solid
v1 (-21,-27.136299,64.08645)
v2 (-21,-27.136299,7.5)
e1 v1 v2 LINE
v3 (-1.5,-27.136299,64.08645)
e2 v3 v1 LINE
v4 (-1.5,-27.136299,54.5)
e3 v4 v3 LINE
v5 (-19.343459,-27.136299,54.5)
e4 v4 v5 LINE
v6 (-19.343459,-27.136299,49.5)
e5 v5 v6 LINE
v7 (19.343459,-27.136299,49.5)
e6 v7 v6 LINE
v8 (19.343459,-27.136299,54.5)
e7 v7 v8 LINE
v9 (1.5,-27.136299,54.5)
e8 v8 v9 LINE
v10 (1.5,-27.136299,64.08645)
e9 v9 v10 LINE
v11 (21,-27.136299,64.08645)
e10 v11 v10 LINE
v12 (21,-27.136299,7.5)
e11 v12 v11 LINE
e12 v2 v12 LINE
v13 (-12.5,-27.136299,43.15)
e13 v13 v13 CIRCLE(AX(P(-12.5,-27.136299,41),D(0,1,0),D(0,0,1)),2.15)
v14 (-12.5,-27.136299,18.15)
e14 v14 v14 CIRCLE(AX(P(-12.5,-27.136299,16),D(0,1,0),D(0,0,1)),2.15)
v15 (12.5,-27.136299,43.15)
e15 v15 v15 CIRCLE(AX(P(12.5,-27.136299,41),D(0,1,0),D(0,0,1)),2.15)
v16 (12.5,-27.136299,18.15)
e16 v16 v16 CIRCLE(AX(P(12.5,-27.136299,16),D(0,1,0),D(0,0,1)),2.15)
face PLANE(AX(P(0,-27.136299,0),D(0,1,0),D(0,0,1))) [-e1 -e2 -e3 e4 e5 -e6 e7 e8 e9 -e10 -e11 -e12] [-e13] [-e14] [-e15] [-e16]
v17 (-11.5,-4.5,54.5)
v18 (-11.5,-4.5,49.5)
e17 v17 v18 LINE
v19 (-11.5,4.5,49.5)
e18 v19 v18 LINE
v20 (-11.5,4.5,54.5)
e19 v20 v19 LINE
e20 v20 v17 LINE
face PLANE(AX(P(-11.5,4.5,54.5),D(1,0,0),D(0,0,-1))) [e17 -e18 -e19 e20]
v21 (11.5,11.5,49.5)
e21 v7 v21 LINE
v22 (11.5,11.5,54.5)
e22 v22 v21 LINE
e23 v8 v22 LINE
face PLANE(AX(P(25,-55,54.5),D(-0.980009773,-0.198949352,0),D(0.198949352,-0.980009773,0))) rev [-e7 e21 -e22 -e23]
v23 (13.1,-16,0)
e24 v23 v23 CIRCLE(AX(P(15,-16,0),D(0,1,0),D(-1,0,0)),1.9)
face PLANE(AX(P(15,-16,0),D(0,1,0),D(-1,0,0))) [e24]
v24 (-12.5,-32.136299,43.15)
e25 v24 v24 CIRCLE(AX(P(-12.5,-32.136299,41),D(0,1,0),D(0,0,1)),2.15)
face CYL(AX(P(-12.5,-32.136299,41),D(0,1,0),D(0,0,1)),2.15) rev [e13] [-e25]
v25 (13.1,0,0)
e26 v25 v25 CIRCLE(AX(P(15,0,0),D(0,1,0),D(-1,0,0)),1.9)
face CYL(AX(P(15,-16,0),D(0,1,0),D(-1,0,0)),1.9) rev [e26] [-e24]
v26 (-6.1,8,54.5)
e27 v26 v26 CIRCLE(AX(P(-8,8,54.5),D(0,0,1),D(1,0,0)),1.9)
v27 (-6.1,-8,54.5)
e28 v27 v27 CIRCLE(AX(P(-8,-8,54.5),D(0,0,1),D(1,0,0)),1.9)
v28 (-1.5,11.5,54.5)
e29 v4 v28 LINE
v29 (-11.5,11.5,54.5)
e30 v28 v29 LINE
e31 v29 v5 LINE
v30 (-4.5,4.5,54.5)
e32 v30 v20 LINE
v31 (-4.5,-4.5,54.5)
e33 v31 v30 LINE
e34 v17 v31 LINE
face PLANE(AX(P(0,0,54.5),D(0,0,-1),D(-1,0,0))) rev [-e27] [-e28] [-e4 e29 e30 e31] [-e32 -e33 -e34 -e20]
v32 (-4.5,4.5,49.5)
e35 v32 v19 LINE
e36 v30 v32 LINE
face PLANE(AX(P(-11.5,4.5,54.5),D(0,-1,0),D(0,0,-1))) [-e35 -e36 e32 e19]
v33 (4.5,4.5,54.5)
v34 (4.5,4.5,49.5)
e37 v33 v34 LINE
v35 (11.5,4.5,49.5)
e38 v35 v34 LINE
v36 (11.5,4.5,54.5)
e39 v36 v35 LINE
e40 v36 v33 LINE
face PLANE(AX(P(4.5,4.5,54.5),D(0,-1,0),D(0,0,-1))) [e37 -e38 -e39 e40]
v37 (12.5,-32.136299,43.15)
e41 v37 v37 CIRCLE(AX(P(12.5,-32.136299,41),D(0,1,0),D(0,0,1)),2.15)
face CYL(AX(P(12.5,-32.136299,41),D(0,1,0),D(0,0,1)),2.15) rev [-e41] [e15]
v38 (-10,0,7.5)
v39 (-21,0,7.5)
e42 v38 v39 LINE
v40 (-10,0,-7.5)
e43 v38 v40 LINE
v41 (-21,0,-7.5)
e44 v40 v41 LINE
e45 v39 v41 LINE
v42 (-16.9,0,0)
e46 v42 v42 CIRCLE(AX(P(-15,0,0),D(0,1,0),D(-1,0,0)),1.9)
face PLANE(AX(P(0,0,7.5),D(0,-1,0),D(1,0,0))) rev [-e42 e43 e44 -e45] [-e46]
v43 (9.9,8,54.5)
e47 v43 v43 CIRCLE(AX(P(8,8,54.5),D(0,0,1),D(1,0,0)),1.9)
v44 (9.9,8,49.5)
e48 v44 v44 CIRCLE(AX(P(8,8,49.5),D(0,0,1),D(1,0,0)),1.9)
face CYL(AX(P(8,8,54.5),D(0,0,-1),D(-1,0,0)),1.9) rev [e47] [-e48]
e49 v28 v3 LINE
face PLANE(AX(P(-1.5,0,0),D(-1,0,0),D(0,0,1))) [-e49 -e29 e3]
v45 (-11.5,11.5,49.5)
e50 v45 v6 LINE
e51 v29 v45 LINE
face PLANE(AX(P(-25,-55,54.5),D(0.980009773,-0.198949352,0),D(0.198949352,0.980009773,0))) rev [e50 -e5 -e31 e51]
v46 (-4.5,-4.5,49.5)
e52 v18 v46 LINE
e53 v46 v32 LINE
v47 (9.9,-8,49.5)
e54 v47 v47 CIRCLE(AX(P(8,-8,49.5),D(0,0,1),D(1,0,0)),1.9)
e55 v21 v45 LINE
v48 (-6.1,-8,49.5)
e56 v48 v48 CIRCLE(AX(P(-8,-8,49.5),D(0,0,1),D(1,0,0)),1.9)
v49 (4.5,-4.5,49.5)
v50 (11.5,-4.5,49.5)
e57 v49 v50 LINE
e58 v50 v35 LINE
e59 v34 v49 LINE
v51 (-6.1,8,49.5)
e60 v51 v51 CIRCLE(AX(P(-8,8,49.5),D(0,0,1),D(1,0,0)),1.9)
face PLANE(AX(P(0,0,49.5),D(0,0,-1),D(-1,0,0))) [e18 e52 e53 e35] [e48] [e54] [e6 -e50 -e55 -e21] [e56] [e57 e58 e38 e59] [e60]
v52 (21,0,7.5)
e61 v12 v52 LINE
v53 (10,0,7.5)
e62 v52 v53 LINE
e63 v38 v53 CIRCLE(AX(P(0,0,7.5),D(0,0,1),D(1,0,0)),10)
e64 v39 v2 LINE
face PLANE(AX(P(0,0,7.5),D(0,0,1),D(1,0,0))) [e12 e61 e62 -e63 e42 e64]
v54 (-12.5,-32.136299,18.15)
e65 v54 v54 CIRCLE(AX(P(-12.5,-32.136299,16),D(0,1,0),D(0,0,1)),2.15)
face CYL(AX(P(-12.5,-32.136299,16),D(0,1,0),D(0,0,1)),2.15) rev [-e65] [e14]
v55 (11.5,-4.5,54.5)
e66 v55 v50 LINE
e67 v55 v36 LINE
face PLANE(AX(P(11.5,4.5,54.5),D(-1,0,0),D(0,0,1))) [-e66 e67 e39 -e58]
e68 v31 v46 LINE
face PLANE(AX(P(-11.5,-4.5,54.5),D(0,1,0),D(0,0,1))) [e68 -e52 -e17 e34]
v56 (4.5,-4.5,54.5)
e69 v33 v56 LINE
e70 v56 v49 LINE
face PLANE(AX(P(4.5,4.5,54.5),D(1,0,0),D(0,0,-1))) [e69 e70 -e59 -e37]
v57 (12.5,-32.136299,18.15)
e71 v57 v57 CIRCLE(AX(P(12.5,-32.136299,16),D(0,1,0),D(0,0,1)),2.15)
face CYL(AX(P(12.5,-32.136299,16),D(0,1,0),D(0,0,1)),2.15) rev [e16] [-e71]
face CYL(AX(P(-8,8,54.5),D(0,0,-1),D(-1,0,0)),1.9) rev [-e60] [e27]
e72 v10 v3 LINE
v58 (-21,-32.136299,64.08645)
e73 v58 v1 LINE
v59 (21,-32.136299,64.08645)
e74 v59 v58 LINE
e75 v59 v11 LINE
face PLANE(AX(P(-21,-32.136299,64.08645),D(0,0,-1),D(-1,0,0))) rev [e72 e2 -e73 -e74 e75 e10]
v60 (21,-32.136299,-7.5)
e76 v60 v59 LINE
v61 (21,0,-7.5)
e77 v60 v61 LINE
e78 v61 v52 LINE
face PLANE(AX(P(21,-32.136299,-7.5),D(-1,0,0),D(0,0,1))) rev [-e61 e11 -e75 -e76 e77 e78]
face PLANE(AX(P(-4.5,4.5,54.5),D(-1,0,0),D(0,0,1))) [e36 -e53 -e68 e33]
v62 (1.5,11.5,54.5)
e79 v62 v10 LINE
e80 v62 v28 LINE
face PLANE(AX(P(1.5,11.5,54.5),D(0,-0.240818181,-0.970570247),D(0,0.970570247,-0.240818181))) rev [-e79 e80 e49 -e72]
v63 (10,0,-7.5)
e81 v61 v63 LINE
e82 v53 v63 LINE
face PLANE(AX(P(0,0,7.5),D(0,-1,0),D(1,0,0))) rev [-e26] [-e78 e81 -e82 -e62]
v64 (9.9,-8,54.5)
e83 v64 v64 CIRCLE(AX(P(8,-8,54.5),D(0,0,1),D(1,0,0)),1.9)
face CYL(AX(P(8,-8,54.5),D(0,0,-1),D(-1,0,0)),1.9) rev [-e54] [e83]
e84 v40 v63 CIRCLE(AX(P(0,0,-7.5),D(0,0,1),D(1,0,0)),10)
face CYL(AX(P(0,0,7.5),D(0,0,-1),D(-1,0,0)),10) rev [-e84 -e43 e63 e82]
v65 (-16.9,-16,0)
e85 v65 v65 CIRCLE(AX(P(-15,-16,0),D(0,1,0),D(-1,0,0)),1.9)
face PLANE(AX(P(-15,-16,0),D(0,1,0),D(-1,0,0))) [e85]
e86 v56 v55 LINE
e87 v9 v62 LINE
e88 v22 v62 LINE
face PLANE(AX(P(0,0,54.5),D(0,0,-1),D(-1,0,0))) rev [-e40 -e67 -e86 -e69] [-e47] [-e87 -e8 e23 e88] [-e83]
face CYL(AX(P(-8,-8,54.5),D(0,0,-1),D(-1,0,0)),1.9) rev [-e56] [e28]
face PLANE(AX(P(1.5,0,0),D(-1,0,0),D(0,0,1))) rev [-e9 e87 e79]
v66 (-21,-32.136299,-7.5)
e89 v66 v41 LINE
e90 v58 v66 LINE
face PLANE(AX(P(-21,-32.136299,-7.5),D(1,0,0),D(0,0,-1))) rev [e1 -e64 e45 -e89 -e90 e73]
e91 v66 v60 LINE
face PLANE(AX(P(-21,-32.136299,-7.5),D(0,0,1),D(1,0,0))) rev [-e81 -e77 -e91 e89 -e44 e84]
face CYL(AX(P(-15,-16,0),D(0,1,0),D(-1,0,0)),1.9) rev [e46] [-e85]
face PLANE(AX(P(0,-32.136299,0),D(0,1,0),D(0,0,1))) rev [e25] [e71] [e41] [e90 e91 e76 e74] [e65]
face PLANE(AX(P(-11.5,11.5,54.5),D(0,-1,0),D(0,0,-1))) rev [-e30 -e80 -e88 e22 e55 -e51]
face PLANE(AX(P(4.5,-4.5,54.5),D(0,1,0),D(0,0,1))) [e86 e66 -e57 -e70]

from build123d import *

# Parameters (mm, degrees)
MOTOR_MOUNT_SOLID_DEPTH              = 7.5
ENCODER_DISTANCE_SKETCH_W            = 50
ENCODER_DISTANCE_SKETCH_H            = 57
ENCODER_DISTANCE_SOLID_DEPTH         = 5
ENCODER_MOUNT_SKETCH_R               = 1.9
ENCODER_MOUNT_SKETCH_W               = 7
ENCODER_MOUNT_SKETCH_H               = 9
ENCODER_MOUNT_SOLID_DEPTH            = 5
MOTOR_CLAMP_MOUNTING_HOLES_SKETCH_R  = 1.9
MOTOR_CLAMP_MOUNTING_HOLES_CUT_DEPTH = 16
GUSSET_PLATE_SKETCH_W                = 50
GUSSET_PLATE_SKETCH_H                = 5
GUSSET_PLATE_SOLID_DEPTH             = 16.5
GUSSET_SOLID_DEPTH                   = 1.5
MOUNTING_PLATE_SKETCH_W              = 50
MOUNTING_PLATE_SKETCH_H              = 92
MOUNTING_PLATE_SKETCH_R              = 2.65
MOUNTING_PLATE_SOLID_DEPTH           = 5
MOUNTING_HOLES_CUT_DEPTH             = 101.440280764
MOUNTING_HOLES_CUT_DEPTH_BACK        = 101.440280764
MOUNTING_HOLE_SKETCH_R               = 2.65
MOUNTING_PLATE_TRIM_SKETCH_W         = 50
MOUNTING_PLATE_TRIM_SKETCH_H         = 13.5
MOUNTING_PLATE_TRIM_SKETCH_H_2       = 42
MOUNTING_PLATE_TRIM_SKETCH_W_2       = 23.5
MOUNTING_PLATE_TRIM_SKETCH_H_3       = 16.5
MOUNTING_PLATE_TRIM_CUT_DEPTH        = 2
CUT_EXTRUDE1_DEPTH                   = 102.917859083
CUT_EXTRUDE1_DEPTH_BACK              = 102.917859083
SKETCH2_W                            = 50
SKETCH2_H                            = 120
SKETCH2_W_2                          = 42
SKETCH2_H_2                          = 54.272597004
SKETCH3_W                            = 42
SKETCH3_H                            = 71.586450004
BOSS_EXTRUDE1_DEPTH                  = 5
CUT_EXTRUDE2_DEPTH                   = 78.722819275
CUT_EXTRUDE2_DEPTH_BACK              = 78.722819275
SKETCH4_R                            = 2.15


with BuildPart() as part:
    # Mouting Mount Sketch → Motor Mount Solid (new, symmetric)
    with BuildSketch(Plane.XY):
        with BuildLine():
            Line((-25, -55), (25, -55))
            Line((25, -55), (25, 0))
            Line((25, 0), (10, 0))
            ThreePointArc((10, 0), (0, -10), (-10, 0))
            Line((-10, 0), (-25, 0))
            Line((-25, 0), (-25, -55))
        make_face()
    extrude(amount=MOTOR_MOUNT_SOLID_DEPTH, both=True)

    # Encoder Distance Sketch → Encoder Distance Solid (add)
    with BuildSketch(Plane.XZ.offset(55)):
        with Locations((0, 21)):
            Rectangle(ENCODER_DISTANCE_SKETCH_W, ENCODER_DISTANCE_SKETCH_H)
    extrude(amount=ENCODER_DISTANCE_SOLID_DEPTH)

    # Encoder Mount Sketch → Encoder Mount Solid (add)
    with BuildSketch(Plane.XY.offset(49.5)):
        Polygon((-25, -60), (-25, -55), (-11.5, 11.5), (11.5, 11.5), (25, -55), (25, -60), align=None)
        with Locations((-8, 8)):
            Circle(ENCODER_MOUNT_SKETCH_R, mode=Mode.SUBTRACT)
        with Locations((8, 8)):
            Circle(ENCODER_MOUNT_SKETCH_R, mode=Mode.SUBTRACT)
        with Locations((-8, -8)):
            Circle(ENCODER_MOUNT_SKETCH_R, mode=Mode.SUBTRACT)
        with Locations((8, -8)):
            Circle(ENCODER_MOUNT_SKETCH_R, mode=Mode.SUBTRACT)
        with Locations((-8, 0)):
            Rectangle(ENCODER_MOUNT_SKETCH_W, ENCODER_MOUNT_SKETCH_H, mode=Mode.SUBTRACT)
        with Locations((8, 0)):
            Rectangle(ENCODER_MOUNT_SKETCH_W, ENCODER_MOUNT_SKETCH_H, mode=Mode.SUBTRACT)
    extrude(amount=ENCODER_MOUNT_SOLID_DEPTH)

    # Motor Clamp Mounting Holes Sketch → Motor Clamp Mounting Holes Cut (cut)
    with BuildSketch(Plane(origin=(0, 0, 0), x_dir=(1, 0, 0), z_dir=(0, 1, 0))):
        with Locations(Location((-15, 0, 0), (0, 0, 180))):
            Circle(MOTOR_CLAMP_MOUNTING_HOLES_SKETCH_R)
        with Locations(Location((15, 0, 0), (0, 0, 180))):
            Circle(MOTOR_CLAMP_MOUNTING_HOLES_SKETCH_R)
    extrude(amount=-MOTOR_CLAMP_MOUNTING_HOLES_CUT_DEPTH, mode=Mode.SUBTRACT)

    # Gusset Plate Sketch → Gusset Plate Solid (add)
    with BuildSketch(Plane.XY.offset(54.5)):
        with Locations((0, -57.5)):
            Rectangle(GUSSET_PLATE_SKETCH_W, GUSSET_PLATE_SKETCH_H)
    extrude(amount=GUSSET_PLATE_SOLID_DEPTH)

    # Gusset Sketch → Gusset Solid (add, symmetric)
    with BuildSketch(Plane(origin=(0, 0, 0), x_dir=(0, 0, -1), z_dir=(1, 0, 0))):
        Polygon((-54.5, 11.5), (-71, -55), (-54.5, -55), align=None)
    extrude(amount=GUSSET_SOLID_DEPTH, both=True)

    # Mounting Plate Sketch → Mounting Plate Solid (add)
    with BuildSketch(Plane(origin=(0, -55, 0), x_dir=(1, 0, 0), z_dir=(0, 1, 0))):
        with Locations((0, -25)):
            Rectangle(MOUNTING_PLATE_SKETCH_W, MOUNTING_PLATE_SKETCH_H)
        with Locations((-19, -65)):
            Circle(MOUNTING_PLATE_SKETCH_R, mode=Mode.SUBTRACT)
        with Locations((19, -65)):
            Circle(MOUNTING_PLATE_SKETCH_R, mode=Mode.SUBTRACT)
        with Locations(Location((-19, 15, 0), (0, 0, 270))):
            Circle(MOUNTING_PLATE_SKETCH_R, mode=Mode.SUBTRACT)
        with Locations(Location((19, 15, 0), (0, 0, 270))):
            Circle(MOUNTING_PLATE_SKETCH_R, mode=Mode.SUBTRACT)
    extrude(amount=-MOUNTING_PLATE_SOLID_DEPTH)

    # Mounting Hole Sketch → Mounting Holes Cut (cut, two sides: drawn at the far end of the back side and taken through both)
    with BuildSketch(Plane(origin=(0, -55, 0), x_dir=(1, 0, 0), z_dir=(0, 1, 0)).offset(-MOUNTING_HOLES_CUT_DEPTH_BACK)):
        with Locations(Location((-19, 15, 0), (0, 0, 270))):
            Circle(MOUNTING_HOLE_SKETCH_R)
        with Locations(Location((19, 15, 0), (0, 0, 270))):
            Circle(MOUNTING_HOLE_SKETCH_R)
        with Locations(Location((19, -65, 0), (0, 0, 90))):
            Circle(MOUNTING_HOLE_SKETCH_R)
        with Locations(Location((-19, -65, 0), (0, 0, 90))):
            Circle(MOUNTING_HOLE_SKETCH_R)
    extrude(amount=MOUNTING_HOLES_CUT_DEPTH + MOUNTING_HOLES_CUT_DEPTH_BACK, mode=Mode.SUBTRACT)

    # Mounting Plate Trim Sketch → Mounting Plate Trim Cut (cut)
    with BuildSketch(Plane(origin=(0, -55, 0), x_dir=(1, 0, 0), z_dir=(0, 1, 0))):
        with Locations((0, 14.25)):
            Rectangle(MOUNTING_PLATE_TRIM_SKETCH_W, MOUNTING_PLATE_TRIM_SKETCH_H)
        with Locations((0, -28.5)):
            Rectangle(MOUNTING_PLATE_TRIM_SKETCH_W, MOUNTING_PLATE_TRIM_SKETCH_H_2)
        with Locations((13.25, -62.75)):
            Rectangle(MOUNTING_PLATE_TRIM_SKETCH_W_2, MOUNTING_PLATE_TRIM_SKETCH_H_3)
        with Locations((-13.25, -62.75)):
            Rectangle(MOUNTING_PLATE_TRIM_SKETCH_W_2, MOUNTING_PLATE_TRIM_SKETCH_H_3)
    extrude(amount=-MOUNTING_PLATE_TRIM_CUT_DEPTH, mode=Mode.SUBTRACT)

    # Sketch2 → Cut-Extrude1 (cut, two sides: drawn at the far end of the back side and taken through both)
    with BuildSketch(Plane(origin=(0, 0, -7.5), x_dir=(-1, 0, 0), z_dir=(0, 0, -1)).offset(-CUT_EXTRUDE1_DEPTH_BACK)):
        Rectangle(SKETCH2_W, SKETCH2_H)
        Rectangle(SKETCH2_W_2, SKETCH2_H_2, mode=Mode.SUBTRACT)
    extrude(amount=CUT_EXTRUDE1_DEPTH + CUT_EXTRUDE1_DEPTH_BACK, mode=Mode.SUBTRACT)


with BuildPart() as cut_extrude1_piece_1:
    # of the separate pieces the step leaves, piece 1, a body of its own (cut_extrude1_pieces)
    add(part.part.solids().sort_by_distance((21, 0, 7.5))[0])



with BuildPart() as cut_extrude1_piece_2:
    # of the separate pieces the step leaves, piece 2, a body of its own (cut_extrude1_pieces)
    add(part.part.solids().sort_by_distance((-1.5, -27.136298502, 54.5))[0])


with BuildPart() as cut_extrude1_piece_1_1:
    add(cut_extrude1_piece_1.part)

    add(cut_extrude1_piece_2.part)  # Boss-Extrude1 merges Cut-Extrude1 piece 2
    # Sketch3 → Boss-Extrude1 (add)
    with BuildSketch(Plane.XZ.offset(27.136298502)):
        with Locations((0, 28.293225002)):
            Rectangle(SKETCH3_W, SKETCH3_H)
    extrude(amount=BOSS_EXTRUDE1_DEPTH)

    # Sketch4 → Cut-Extrude2 (cut, two sides: drawn at the far end of the back side and taken through both)
    with BuildSketch(Plane(origin=(0, -27.136298502, 0), x_dir=(1, 0, 0), z_dir=(0, 1, 0)).offset(-CUT_EXTRUDE2_DEPTH_BACK)):
        with Locations(Location((-12.5, -16, 0), (0, 0, 270))):
            Circle(SKETCH4_R)
        with Locations(Location((12.5, -16, 0), (0, 0, 270))):
            Circle(SKETCH4_R)
        with Locations(Location((-12.5, -41, 0), (0, 0, 270))):
            Circle(SKETCH4_R)
        with Locations(Location((12.5, -41, 0), (0, 0, 270))):
            Circle(SKETCH4_R)
    extrude(amount=CUT_EXTRUDE2_DEPTH + CUT_EXTRUDE2_DEPTH_BACK, mode=Mode.SUBTRACT)


solid = cut_extrude1_piece_1_1.part
